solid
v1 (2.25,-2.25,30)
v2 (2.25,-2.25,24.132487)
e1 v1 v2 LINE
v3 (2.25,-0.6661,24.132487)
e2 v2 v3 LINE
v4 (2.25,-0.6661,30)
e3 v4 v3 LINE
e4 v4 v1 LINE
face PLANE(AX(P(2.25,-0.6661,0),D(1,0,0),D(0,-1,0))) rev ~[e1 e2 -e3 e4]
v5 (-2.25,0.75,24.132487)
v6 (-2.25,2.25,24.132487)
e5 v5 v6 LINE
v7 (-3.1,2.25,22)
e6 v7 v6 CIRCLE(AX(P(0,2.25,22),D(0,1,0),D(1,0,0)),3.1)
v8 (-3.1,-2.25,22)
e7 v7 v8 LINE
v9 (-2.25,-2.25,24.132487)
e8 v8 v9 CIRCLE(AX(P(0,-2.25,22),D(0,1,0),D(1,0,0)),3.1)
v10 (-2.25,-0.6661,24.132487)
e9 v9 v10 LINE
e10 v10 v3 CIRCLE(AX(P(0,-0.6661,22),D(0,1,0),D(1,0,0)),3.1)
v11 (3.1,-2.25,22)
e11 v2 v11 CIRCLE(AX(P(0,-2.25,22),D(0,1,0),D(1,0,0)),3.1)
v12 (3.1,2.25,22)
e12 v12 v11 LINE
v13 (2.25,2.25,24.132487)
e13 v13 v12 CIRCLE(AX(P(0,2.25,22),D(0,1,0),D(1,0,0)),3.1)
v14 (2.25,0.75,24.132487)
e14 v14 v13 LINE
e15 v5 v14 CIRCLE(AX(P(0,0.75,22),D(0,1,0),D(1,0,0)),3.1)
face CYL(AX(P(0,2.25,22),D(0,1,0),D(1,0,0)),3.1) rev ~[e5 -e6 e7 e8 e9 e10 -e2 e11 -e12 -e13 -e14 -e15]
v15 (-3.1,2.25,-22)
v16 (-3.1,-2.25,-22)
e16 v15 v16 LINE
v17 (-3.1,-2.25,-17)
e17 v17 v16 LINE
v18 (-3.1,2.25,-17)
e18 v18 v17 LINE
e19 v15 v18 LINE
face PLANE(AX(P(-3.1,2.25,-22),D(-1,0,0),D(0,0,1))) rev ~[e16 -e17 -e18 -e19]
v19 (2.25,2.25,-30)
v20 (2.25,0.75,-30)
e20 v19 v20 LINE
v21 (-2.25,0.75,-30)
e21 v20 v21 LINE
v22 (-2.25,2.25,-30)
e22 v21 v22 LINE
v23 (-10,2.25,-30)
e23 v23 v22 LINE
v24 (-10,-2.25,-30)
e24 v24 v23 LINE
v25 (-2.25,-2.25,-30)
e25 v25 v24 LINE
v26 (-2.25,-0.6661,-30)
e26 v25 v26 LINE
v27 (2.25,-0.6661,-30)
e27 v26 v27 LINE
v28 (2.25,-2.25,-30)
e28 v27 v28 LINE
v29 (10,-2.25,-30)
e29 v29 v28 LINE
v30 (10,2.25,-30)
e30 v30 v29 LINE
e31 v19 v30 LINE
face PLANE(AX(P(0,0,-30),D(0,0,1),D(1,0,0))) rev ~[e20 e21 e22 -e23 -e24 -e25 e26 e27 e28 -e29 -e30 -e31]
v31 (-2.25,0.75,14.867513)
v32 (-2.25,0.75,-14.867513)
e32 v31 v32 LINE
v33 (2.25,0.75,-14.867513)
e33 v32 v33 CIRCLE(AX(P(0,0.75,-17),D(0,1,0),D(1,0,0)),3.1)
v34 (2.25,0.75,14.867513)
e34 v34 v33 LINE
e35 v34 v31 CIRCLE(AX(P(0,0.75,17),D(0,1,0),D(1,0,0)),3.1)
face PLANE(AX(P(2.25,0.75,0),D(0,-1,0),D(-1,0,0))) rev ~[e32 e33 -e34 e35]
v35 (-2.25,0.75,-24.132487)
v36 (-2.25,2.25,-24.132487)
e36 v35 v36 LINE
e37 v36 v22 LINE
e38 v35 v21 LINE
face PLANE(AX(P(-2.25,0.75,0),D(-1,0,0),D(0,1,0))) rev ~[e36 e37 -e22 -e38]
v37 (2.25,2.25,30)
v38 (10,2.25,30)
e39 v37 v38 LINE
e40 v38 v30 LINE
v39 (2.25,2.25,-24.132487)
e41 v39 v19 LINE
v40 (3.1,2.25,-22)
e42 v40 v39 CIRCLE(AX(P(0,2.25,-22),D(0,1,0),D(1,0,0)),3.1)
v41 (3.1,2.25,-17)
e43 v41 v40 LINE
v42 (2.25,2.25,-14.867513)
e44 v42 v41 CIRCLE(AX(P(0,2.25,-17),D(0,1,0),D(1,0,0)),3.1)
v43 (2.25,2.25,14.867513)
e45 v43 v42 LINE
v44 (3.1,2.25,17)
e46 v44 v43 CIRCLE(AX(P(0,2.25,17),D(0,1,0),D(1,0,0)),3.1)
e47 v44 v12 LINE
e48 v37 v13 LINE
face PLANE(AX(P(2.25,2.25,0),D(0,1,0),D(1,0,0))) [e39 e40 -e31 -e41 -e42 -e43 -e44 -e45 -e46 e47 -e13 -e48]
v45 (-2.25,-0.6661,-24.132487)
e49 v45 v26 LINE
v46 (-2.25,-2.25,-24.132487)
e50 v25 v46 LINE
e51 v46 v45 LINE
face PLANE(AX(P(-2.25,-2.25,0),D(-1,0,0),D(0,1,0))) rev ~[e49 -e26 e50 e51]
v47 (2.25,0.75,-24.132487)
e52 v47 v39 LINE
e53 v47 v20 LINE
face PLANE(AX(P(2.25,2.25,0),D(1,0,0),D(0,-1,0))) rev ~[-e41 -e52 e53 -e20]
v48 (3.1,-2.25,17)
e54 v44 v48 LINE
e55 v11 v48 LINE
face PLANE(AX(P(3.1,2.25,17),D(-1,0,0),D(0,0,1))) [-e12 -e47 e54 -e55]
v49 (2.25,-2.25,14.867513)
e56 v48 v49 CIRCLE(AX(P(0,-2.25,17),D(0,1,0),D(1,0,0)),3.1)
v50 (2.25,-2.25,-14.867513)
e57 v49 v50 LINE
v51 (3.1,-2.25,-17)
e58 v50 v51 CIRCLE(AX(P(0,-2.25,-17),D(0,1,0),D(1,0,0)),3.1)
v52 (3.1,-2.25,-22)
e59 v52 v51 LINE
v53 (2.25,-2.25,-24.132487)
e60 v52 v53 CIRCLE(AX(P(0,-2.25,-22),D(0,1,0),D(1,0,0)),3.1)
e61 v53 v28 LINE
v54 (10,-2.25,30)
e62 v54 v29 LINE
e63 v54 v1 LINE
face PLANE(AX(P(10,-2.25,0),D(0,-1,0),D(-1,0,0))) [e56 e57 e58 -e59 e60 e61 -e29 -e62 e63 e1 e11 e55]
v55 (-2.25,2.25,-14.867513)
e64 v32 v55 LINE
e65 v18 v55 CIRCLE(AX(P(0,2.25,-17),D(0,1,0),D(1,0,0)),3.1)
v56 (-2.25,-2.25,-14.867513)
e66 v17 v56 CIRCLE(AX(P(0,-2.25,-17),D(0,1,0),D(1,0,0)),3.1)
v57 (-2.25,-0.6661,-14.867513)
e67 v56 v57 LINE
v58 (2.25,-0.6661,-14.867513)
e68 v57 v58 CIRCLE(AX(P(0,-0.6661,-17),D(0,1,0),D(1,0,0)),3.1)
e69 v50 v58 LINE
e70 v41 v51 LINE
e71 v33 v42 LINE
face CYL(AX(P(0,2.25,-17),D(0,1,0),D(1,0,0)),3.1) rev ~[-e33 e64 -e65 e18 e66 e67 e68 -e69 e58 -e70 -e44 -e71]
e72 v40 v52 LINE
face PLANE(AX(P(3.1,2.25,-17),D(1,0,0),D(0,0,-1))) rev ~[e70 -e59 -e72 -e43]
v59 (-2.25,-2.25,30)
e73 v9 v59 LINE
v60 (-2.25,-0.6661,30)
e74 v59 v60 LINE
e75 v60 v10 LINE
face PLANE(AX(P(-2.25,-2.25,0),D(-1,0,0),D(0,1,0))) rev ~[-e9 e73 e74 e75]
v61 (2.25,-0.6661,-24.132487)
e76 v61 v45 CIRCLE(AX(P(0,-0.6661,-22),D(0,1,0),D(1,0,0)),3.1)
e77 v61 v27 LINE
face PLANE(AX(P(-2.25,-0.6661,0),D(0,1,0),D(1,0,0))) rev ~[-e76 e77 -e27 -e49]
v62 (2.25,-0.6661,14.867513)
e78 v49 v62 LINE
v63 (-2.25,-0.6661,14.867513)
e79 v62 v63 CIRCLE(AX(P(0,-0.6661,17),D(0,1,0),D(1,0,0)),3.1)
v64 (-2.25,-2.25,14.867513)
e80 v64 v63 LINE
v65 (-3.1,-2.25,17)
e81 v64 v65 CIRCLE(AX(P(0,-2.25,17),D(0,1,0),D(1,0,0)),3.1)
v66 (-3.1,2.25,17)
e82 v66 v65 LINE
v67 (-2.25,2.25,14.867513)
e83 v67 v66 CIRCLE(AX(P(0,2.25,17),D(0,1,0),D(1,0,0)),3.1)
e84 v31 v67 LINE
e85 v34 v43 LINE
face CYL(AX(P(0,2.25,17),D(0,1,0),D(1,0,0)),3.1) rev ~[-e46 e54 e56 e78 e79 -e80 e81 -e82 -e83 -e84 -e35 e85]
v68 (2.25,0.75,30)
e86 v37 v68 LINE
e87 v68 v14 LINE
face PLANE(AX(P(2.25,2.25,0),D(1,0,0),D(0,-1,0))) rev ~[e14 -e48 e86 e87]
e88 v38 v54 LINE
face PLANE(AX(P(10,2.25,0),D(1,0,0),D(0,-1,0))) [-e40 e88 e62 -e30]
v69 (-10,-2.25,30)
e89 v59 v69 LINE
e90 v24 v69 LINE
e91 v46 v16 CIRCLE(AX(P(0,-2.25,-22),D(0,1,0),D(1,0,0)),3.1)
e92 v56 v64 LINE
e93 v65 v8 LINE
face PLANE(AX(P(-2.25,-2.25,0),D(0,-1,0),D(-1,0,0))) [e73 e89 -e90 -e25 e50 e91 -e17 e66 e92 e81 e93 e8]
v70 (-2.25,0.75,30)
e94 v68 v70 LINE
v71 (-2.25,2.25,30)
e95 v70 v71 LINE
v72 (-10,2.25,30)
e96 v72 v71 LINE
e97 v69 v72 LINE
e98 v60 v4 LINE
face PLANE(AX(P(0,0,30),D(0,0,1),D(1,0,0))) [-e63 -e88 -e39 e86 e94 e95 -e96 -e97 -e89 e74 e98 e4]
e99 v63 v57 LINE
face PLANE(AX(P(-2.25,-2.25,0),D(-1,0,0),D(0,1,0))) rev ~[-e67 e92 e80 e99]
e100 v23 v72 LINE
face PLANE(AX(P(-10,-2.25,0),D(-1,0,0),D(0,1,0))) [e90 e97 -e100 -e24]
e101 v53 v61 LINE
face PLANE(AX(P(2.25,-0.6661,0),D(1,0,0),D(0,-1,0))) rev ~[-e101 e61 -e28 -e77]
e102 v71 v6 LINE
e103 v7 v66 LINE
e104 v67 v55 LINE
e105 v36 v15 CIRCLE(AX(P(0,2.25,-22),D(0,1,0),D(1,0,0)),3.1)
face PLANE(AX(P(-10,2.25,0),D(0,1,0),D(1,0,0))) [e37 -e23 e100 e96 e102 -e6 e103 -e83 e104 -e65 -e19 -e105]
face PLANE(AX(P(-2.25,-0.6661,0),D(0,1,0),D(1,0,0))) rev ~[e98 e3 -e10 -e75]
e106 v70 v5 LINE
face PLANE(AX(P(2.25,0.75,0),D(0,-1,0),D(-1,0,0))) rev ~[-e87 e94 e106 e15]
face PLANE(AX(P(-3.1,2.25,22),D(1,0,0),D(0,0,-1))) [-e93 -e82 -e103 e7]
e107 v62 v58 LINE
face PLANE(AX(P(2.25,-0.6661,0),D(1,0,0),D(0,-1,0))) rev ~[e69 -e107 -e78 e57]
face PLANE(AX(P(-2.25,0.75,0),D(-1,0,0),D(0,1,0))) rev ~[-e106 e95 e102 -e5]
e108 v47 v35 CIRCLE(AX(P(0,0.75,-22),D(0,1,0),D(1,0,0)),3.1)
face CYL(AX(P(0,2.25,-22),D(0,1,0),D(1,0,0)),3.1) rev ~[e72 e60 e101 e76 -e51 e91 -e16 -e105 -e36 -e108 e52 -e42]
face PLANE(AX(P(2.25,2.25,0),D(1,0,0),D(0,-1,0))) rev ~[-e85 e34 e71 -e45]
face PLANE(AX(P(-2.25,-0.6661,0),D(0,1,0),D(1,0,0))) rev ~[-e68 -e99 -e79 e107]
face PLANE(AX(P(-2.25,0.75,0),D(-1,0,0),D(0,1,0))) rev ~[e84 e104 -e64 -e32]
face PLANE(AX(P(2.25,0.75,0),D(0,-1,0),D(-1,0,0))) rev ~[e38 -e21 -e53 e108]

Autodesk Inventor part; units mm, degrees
ref_plane "YZ Plane" through (0, 0, 0) normal (1, 0, 0) x (0, 1, 0)
ref_plane "XZ Plane" through (0, 0, 0) normal (0, 1, 0) x (-1, 0, 0)
ref_plane "XY Plane" through (0, 0, 0) normal (0, 0, 1) x (1, 0, 0)
sketch "Sketch1" plane through (0, 0, 0) normal (0, 0, 1) x (1, 0, 0)
  line L0 (-10, 2.25) -> (10, 2.25)
  line L1 (10, 2.25) -> (10, -2.25)
  line L2 (10, -2.25) -> (-10, -2.25)
  line L3 (-10, -2.25) -> (-10, 2.25)
  line L4 (-10, 2.25) -> (10, -2.25) construction
  line L5 (10, 2.25) -> (-10, -2.25) construction
  line L6 (-2.25, 3.75) -> (2.25, 3.75)
  line L7 (2.25, 3.75) -> (2.25, 0.75)
  line L8 (2.25, 0.75) -> (-2.25, 0.75)
  line L9 (-2.25, 0.75) -> (-2.25, 3.75)
  line L10 (-2.25, 3.75) -> (2.25, 0.75) construction
  line L11 (2.25, 3.75) -> (-2.25, 0.75) construction
  line L12 (-2.25, -0.6661) -> (2.25, -0.6661)
  line L13 (2.25, -0.6661) -> (2.25, -3.8339)
  line L14 (2.25, -3.8339) -> (-2.25, -3.8339)
  line L15 (-2.25, -3.8339) -> (-2.25, -0.6661)
  line L16 (-2.25, -0.6661) -> (2.25, -3.8339) construction
  line L17 (2.25, -0.6661) -> (-2.25, -3.8339) construction
  point P0 (0, 0)
  point P1 (0, 2.25)
  point P2 (0, -2.25)
  point P3 (2.25, 2.25)
  point P4 (-2.25, 2.25)
  point P5 (-2.25, -2.25)
  point P6 (2.25, -2.25)
  dimension "d0" = 20
  dimension "d1" = 4.5
  dimension "d2" = 4.5
  dimension "d3" = 3
extrude "Extrusion1" add sketch "Sketch1" along normal mid plane 60 contours L0 L9 L8 L7 L1 L2 L13 L12 L15 L3
sketch "Sketch2" plane through (2.25, 2.25, 30) normal (0, 1, 0) x (1, 0, 0)
  line L0 (-5.35, 13) -> (0.85, 13)
  line L1 (0.85, 13) -> (0.85, 8)
  line L2 (0.85, 8) -> (-5.35, 8)
  line L3 (-5.35, 8) -> (-5.35, 13)
  line L4 (-5.35, 13) -> (0.85, 8) construction
  line L5 (0.85, 13) -> (-5.35, 8) construction
  line L6 (0, 0) -> (-4.5, 0) projected
  circle A0 centre (-2.25, 8) radius 3.1
  circle A1 centre (-2.25, 13) radius 3.1
  line L7 (7.75, 0) -> (7.75, 60) projected
  line L8 (7.75, 30) -> (-12.25, 30)
  line L9 (-12.25, 60) -> (-12.25, 0) projected
  line L10 (0.85, 47) -> (0.85, 52)
  line L11 (-5.35, 52) -> (-5.35, 47)
  circle A2 centre (-2.25, 52) radius 3.1
  circle A3 centre (-2.25, 47) radius 3.1
  point P0 (-2.25, 30)
  point P1 (-2.25, 10.5)
  point P2 (-2.25, 49.5)
  dimension "d6" = 6.2
  dimension "d7" = 5
  dimension "d8" = 8
extrude "Extrusion2" cut sketch "Sketch2" against normal blind 60
properties part number "Spacer Laser"
